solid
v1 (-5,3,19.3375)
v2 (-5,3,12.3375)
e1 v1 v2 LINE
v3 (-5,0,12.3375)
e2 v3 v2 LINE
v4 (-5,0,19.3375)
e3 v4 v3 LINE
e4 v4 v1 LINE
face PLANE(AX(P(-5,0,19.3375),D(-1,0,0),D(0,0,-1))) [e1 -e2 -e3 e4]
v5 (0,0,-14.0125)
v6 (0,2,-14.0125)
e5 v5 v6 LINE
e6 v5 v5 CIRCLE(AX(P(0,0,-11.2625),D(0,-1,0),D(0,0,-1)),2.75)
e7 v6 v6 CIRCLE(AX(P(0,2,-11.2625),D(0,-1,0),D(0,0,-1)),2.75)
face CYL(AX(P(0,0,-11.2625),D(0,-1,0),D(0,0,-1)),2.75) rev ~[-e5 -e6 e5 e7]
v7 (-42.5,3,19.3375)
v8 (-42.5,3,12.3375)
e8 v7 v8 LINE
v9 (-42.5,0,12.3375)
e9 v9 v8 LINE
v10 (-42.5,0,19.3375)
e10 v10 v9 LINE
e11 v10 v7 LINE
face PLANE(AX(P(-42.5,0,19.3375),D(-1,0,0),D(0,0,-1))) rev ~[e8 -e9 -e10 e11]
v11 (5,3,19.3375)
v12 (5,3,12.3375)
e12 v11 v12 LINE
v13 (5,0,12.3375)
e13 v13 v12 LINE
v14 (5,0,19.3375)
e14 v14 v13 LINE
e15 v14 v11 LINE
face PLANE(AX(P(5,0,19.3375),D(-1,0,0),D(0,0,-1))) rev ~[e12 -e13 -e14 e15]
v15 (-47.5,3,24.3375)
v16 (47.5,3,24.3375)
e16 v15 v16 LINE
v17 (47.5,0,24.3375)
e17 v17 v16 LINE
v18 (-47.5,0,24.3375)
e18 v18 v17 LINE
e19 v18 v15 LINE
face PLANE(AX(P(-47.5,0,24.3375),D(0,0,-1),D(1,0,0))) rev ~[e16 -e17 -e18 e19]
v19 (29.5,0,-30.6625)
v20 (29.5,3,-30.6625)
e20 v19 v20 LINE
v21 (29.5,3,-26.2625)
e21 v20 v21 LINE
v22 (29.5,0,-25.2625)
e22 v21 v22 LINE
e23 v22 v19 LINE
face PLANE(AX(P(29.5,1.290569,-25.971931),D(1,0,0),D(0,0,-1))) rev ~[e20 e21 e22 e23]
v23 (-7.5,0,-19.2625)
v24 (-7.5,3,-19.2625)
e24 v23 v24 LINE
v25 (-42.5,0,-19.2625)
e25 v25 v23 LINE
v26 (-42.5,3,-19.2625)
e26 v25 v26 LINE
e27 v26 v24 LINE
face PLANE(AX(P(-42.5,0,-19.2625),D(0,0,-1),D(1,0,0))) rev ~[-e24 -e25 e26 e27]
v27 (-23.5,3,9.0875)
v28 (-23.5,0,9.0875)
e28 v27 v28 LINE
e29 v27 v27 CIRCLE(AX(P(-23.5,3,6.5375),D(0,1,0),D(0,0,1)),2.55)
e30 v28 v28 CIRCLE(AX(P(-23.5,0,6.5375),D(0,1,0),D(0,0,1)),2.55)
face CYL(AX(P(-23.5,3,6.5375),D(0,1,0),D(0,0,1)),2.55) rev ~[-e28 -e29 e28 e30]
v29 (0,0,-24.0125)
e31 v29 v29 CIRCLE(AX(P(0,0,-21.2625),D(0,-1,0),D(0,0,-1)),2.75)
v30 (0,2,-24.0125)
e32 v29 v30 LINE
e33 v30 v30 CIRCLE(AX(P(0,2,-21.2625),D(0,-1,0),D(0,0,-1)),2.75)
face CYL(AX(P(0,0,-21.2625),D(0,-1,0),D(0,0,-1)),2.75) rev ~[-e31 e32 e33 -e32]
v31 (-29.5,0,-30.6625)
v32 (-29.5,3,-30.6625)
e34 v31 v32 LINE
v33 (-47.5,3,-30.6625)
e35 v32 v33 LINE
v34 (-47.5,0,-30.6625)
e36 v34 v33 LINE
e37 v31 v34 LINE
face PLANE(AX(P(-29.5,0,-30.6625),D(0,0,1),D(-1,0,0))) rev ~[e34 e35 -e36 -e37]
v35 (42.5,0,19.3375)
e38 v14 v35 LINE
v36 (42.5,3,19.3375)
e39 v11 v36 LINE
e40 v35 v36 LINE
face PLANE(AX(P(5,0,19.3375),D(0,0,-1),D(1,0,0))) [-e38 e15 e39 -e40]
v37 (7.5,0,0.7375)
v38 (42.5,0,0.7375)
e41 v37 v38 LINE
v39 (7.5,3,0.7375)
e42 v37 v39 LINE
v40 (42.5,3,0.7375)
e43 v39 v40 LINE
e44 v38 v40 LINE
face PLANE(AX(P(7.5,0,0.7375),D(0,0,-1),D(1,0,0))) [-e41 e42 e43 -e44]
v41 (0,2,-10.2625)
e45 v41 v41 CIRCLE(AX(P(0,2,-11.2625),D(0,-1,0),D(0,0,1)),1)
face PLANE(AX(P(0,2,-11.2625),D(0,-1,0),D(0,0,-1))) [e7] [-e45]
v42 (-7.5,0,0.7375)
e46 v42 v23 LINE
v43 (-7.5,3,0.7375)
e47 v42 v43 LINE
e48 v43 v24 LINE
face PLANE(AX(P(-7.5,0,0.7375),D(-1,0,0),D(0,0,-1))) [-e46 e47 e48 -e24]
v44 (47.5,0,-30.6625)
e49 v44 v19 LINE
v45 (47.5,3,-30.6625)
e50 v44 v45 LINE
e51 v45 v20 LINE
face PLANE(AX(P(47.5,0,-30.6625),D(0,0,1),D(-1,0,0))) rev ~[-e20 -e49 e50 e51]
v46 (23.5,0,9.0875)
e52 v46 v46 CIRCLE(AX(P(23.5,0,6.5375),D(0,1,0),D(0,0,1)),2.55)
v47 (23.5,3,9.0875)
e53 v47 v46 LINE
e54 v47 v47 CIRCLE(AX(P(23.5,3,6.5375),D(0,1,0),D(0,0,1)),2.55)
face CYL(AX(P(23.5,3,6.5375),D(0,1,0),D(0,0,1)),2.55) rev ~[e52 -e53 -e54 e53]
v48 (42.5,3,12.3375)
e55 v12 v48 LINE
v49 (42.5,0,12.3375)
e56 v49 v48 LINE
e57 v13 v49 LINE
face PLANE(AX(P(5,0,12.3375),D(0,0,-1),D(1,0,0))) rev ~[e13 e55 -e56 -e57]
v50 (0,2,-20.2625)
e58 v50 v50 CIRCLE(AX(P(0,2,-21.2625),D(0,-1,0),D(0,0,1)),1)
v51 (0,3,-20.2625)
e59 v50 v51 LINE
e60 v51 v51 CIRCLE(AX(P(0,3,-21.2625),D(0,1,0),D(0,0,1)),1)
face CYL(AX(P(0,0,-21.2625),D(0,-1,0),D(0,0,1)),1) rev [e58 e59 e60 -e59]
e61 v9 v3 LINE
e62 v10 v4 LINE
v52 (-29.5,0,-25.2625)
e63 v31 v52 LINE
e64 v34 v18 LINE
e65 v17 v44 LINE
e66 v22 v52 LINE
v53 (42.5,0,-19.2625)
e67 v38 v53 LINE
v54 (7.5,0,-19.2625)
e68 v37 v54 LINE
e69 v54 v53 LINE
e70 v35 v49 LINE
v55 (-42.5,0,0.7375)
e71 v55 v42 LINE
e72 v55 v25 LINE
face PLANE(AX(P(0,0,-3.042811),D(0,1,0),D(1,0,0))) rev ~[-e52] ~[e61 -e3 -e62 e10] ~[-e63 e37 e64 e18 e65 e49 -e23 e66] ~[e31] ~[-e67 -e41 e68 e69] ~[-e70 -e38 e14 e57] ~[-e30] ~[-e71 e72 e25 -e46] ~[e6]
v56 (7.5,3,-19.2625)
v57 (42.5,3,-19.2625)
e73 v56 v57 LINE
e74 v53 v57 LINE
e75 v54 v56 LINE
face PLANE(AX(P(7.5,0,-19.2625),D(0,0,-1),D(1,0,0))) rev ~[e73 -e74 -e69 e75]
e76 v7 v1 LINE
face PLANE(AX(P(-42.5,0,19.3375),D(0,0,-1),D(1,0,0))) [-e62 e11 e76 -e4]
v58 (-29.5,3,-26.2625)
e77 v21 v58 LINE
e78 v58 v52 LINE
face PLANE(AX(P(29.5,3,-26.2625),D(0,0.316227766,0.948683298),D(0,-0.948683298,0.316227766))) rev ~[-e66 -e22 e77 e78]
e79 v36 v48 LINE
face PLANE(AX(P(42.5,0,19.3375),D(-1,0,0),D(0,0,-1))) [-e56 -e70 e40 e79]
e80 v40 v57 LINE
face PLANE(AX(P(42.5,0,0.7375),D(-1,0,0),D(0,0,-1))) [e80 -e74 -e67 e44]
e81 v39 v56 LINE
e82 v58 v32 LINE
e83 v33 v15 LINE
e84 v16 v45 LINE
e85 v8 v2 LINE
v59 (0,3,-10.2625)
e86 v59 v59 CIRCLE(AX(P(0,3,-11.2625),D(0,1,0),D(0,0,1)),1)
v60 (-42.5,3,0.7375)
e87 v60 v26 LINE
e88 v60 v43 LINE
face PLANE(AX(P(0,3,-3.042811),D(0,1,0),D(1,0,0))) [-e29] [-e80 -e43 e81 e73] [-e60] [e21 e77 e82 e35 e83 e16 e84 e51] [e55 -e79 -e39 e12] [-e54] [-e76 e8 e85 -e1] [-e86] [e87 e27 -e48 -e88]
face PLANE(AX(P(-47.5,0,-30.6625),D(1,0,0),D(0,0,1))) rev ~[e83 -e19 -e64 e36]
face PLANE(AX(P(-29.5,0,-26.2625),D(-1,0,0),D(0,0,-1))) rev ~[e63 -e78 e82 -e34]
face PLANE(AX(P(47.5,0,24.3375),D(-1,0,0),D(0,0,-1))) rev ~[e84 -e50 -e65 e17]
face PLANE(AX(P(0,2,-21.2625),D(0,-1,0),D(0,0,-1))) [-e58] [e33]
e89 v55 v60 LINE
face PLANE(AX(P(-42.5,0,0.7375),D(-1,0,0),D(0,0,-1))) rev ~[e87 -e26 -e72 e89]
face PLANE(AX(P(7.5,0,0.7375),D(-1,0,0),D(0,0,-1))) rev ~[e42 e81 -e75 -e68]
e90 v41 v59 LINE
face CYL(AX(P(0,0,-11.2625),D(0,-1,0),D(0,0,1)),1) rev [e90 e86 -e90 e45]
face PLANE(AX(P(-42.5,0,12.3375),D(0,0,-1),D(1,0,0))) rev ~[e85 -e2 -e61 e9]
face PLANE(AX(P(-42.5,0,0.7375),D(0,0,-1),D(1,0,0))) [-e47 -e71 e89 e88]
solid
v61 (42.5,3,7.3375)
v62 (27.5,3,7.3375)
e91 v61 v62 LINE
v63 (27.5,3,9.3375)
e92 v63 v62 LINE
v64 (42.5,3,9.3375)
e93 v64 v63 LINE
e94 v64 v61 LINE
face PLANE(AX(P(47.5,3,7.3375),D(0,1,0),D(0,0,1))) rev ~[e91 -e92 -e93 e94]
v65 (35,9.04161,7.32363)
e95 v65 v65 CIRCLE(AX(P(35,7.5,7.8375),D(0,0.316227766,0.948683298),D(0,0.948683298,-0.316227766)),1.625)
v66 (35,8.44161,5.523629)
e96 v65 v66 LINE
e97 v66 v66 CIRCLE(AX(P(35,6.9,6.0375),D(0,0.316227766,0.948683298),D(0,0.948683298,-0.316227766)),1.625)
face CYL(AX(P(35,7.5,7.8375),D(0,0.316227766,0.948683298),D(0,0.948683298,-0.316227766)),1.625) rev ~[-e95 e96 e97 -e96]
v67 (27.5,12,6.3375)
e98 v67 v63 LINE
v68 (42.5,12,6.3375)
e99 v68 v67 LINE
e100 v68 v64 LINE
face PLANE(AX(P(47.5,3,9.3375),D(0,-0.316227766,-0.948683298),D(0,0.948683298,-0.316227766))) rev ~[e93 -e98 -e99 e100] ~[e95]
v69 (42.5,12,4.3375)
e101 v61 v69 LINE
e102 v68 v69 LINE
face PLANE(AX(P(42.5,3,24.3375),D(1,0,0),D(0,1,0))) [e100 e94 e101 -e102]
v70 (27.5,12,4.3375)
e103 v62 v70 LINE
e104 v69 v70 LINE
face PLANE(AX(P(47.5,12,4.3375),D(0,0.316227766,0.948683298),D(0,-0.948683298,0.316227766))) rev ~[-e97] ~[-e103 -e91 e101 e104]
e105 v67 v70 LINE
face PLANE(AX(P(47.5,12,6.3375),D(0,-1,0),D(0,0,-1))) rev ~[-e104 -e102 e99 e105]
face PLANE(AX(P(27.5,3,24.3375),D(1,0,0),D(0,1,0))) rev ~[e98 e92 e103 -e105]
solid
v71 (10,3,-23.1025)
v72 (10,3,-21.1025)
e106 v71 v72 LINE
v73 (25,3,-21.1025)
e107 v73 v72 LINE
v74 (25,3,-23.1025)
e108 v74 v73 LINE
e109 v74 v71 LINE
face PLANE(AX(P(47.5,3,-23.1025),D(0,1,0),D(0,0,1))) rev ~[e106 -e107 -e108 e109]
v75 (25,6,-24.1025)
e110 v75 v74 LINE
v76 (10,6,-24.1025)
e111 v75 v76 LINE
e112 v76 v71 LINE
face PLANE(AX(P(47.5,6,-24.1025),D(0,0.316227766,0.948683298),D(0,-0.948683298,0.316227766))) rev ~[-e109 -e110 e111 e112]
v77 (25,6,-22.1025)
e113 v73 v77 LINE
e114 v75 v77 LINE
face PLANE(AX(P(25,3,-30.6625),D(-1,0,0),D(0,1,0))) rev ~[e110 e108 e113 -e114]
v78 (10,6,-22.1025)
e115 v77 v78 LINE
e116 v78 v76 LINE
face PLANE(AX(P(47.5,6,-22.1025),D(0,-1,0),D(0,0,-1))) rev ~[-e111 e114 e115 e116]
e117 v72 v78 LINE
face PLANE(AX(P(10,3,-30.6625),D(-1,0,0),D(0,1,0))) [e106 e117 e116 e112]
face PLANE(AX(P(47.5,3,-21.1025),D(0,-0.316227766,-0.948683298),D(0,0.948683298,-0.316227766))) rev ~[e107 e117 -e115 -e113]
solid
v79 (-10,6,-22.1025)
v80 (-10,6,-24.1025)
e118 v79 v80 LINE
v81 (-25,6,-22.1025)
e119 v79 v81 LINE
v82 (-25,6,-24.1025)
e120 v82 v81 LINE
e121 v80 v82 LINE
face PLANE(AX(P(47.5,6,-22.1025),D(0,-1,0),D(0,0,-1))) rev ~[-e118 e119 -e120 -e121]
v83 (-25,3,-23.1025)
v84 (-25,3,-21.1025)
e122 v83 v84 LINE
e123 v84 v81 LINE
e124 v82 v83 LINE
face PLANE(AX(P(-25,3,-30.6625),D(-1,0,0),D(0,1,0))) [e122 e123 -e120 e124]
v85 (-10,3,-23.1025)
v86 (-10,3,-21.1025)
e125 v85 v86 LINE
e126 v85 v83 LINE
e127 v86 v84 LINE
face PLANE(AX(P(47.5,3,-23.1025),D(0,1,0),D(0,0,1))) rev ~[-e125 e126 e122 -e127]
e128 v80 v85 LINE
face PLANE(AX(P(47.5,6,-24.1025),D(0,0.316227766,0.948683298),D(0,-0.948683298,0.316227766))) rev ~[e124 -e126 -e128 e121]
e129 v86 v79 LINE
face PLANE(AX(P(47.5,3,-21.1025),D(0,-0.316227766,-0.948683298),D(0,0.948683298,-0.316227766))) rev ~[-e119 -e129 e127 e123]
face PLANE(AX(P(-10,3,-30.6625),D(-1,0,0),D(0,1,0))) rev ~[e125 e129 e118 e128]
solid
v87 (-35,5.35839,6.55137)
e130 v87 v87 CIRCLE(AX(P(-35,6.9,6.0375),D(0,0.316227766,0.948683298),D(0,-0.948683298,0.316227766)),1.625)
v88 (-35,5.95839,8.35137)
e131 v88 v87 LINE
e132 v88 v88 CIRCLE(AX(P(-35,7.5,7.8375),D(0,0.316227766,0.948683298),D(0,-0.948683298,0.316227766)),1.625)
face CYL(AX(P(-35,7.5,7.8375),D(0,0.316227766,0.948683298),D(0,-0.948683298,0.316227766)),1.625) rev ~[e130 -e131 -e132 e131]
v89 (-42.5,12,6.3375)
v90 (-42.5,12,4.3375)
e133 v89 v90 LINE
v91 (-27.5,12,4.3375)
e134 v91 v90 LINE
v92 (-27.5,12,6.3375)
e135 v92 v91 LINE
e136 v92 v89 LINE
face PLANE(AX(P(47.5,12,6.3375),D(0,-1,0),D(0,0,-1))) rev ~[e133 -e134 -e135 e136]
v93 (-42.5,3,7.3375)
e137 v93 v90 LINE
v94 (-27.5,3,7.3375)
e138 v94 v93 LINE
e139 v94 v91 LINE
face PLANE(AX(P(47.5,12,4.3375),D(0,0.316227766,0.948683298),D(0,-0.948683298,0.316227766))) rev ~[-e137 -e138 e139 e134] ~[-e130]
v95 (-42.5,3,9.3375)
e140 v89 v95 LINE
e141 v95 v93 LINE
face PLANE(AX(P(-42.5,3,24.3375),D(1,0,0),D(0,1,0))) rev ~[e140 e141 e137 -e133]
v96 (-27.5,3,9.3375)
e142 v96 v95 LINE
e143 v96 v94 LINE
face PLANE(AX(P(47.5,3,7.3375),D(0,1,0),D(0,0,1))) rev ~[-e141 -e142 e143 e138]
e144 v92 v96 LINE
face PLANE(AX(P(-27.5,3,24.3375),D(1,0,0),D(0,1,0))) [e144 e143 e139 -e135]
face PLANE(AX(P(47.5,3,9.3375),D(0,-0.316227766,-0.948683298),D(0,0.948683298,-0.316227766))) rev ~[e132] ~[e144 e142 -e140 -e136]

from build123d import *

# Parameters (mm, degrees)
CROQUIS1_R                = 1
CROQUIS1_W                = 35
CROQUIS1_H                = 20
CROQUIS1_W_2              = 37.5
CROQUIS1_H_2              = 7
SALIENTE_EXTRUIR1_DEPTH   = 3
CUT_EXTRUDE1_DEPTH        = 59
SKETCH3_R                 = 2.75
CUT_EXTRUDE2_DEPTH        = 2
CORTAR_EXTRUIR1_REACH     = 58.617
CROQUIS2_R                = 2.55
SALIENTE_EXTRUIR6_DEPTH   = 95
SALIENTE_EXTRUIR6_2_DEPTH = 95
CROQUIS4_W                = 20
CROQUIS4_H                = 3.002956163
CROQUIS4_W_2              = 22.5
CROQUIS4_H_2              = 3
CORTAR_EXTRUIR2_DEPTH     = 95
CROQUIS5_W                = 5
CROQUIS5_H                = 9
CROQUIS5_W_2              = 55
CORTAR_EXTRUIR3_DEPTH     = 30
CROQUIS6_R                = 1.625
CORTAR_EXTRUIR4_DEPTH     = 1.897367


with BuildPart() as part:
    # Croquis1 → Saliente-Extruir1 (new body)
    with BuildSketch(Plane(origin=(0, 0, 0), x_dir=(1, 0, 0), z_dir=(0, 1, 0))):
        Polygon((-47.5, -24.3375), (47.5, -24.3375), (47.5, 30.6625), (29.5, 30.6625), (29.5, 26.2625), (-29.5, 26.2625), (-29.5, 30.6625), (-47.5, 30.6625), align=None)
        with Locations(Location((0, 21.2625, 0), (0, 0, 270))):
            Circle(CROQUIS1_R, mode=Mode.SUBTRACT)
        with Locations(Location((0, 11.2625, 0), (0, 0, 270))):
            Circle(CROQUIS1_R, mode=Mode.SUBTRACT)
        with Locations((-25, 9.2625)):
            Rectangle(CROQUIS1_W, CROQUIS1_H, mode=Mode.SUBTRACT)
        with Locations((25, 9.2625)):
            Rectangle(CROQUIS1_W, CROQUIS1_H, mode=Mode.SUBTRACT)
        with Locations((-23.75, -15.8375)):
            Rectangle(CROQUIS1_W_2, CROQUIS1_H_2, mode=Mode.SUBTRACT)
        with Locations((23.75, -15.8375)):
            Rectangle(CROQUIS1_W_2, CROQUIS1_H_2, mode=Mode.SUBTRACT)
    extrude(amount=SALIENTE_EXTRUIR1_DEPTH)

    # Sketch2 → Cut-Extrude1 (cut)
    with BuildSketch(Plane.ZY.offset(-29.5)):
        Polygon((-26.2625, 3), (-25.2625, 0), (-26.2625, 0), align=None)
    extrude(amount=CUT_EXTRUDE1_DEPTH, mode=Mode.SUBTRACT)

    # Sketch3 → Cut-Extrude2 (cut)
    with BuildSketch(Plane.XZ):
        with Locations(Location((0, -11.2625, 0), (0, 0, 270))):
            Circle(SKETCH3_R)
        with Locations(Location((0, -21.2625, 0), (0, 0, 270))):
            Circle(SKETCH3_R)
    extrude(amount=-CUT_EXTRUDE2_DEPTH, mode=Mode.SUBTRACT)

    # Croquis2 → Cortar-Extruir1 (cut, up to next)
    with BuildSketch(Plane(origin=(0, 3, 0), x_dir=(1, 0, 0), z_dir=(0, 1, 0)), mode=Mode.PRIVATE) as cortar_extruir1_sk1:
        with Locations(Location((-23.5, -6.5375, 0), (0, 0, 270))):
            Circle(CROQUIS2_R)
    cortar_extruir1_tool1 = extrude(cortar_extruir1_sk1.sketch, amount=-CORTAR_EXTRUIR1_REACH, mode=Mode.PRIVATE) & part.part
    # Croquis2 → Cortar-Extruir1 (cut, up to next)
    with BuildSketch(Plane(origin=(0, 3, 0), x_dir=(1, 0, 0), z_dir=(0, 1, 0)), mode=Mode.PRIVATE) as cortar_extruir1_sk2:
        with Locations(Location((23.5, -6.5375, 0), (0, 0, 270))):
            Circle(CROQUIS2_R)
    cortar_extruir1_tool2 = extrude(cortar_extruir1_sk2.sketch, amount=-CORTAR_EXTRUIR1_REACH, mode=Mode.PRIVATE) & part.part
    add(cortar_extruir1_tool1.solids().sort_by_distance((-23.5, 3, 6.5375))[0], mode=Mode.SUBTRACT)
    add(cortar_extruir1_tool2.solids().sort_by_distance((23.5, 3, 6.5375))[0], mode=Mode.SUBTRACT)


with BuildPart() as body_2:
    # Croquis3 → Saliente-Extruir6 (new body)
    with BuildSketch(Plane(origin=(47.5, 0, 0), x_dir=(0, 0, -1), z_dir=(1, 0, 0))):
        Polygon((-9.3375, 3), (-6.3375, 12), (-4.3375, 12), (-7.3375, 3), align=None)
    extrude(amount=-SALIENTE_EXTRUIR6_DEPTH)

    # Croquis5 → Cortar-Extruir3 (cut)
    with BuildSketch(Plane.XY.offset(24.3375)):
        with Locations((45, 7.5)):
            Rectangle(CROQUIS5_W, CROQUIS5_H)
        with Locations((-45, 7.5)):
            Rectangle(CROQUIS5_W, CROQUIS5_H)
        with Locations((0, 7.5)):
            Rectangle(CROQUIS5_W_2, CROQUIS5_H)
    extrude(amount=-CORTAR_EXTRUIR3_DEPTH, mode=Mode.SUBTRACT)


with BuildPart() as body_3:
    # Croquis3 → Saliente-Extruir6 2 (new body)
    with BuildSketch(Plane(origin=(47.5, 0, 0), x_dir=(0, 0, -1), z_dir=(1, 0, 0))):
        Polygon((21.1025, 3), (22.1025, 6), (24.1025, 6), (23.1025, 3), align=None)
    extrude(amount=-SALIENTE_EXTRUIR6_2_DEPTH)

    # Croquis4 → Cortar-Extruir2 (cut)
    with BuildSketch(Plane(origin=(0, 0, -30.6625), x_dir=(-1, 0, 0), z_dir=(0, 0, -1))):
        with Locations((0, 4.501478082)):
            Rectangle(CROQUIS4_W, CROQUIS4_H)
        with Locations((-36.25, 4.5)):
            Rectangle(CROQUIS4_W_2, CROQUIS4_H_2)
        with Locations((36.25, 4.5)):
            Rectangle(CROQUIS4_W_2, CROQUIS4_H_2)
    extrude(amount=-CORTAR_EXTRUIR2_DEPTH, mode=Mode.SUBTRACT)


with BuildPart() as cortar_extruir2_piece_1:
    # of the separate pieces the step leaves, piece 1, a body of its own (cortar_extruir2_pieces)
    add(body_3.part.solids().sort_by_distance((-10, 6, -22.1025))[0])


with BuildPart() as cortar_extruir2_piece_2:
    # of the separate pieces the step leaves, piece 2, a body of its own (cortar_extruir2_pieces)
    add(body_3.part.solids().sort_by_distance((25, 3, -21.1025))[0])


with BuildPart() as cortar_extruir3_piece_1:
    # of the separate pieces the step leaves, piece 1, a body of its own (cortar_extruir3_pieces)
    add(body_2.part.solids().sort_by_distance((42.5, 12, 6.3375))[0])


with BuildPart() as cortar_extruir3_piece_2:
    # of the separate pieces the step leaves, piece 2, a body of its own (cortar_extruir3_pieces)
    add(body_2.part.solids().sort_by_distance((-27.5, 12, 6.3375))[0])


with BuildPart() as cortar_extruir4_tool:
    # Croquis6 → Cortar-Extruir4 (new body)
    with BuildSketch(Plane(origin=(0, 3.10125, 9.30375), x_dir=(1, 0, 0), z_dir=(0, 0.3162277660168377, 0.948683298050514))):
        with Locations(Location((-35, 4.636689619, 0), (0, 0, 270))):
            Circle(CROQUIS6_R)
        with Locations(Location((35, 4.636689619, 0), (0, 0, 90))):
            Circle(CROQUIS6_R)
    extrude(amount=-CORTAR_EXTRUIR4_DEPTH)


with BuildPart() as cortar_extruir3_piece_1_1:
    add(cortar_extruir3_piece_1.part)

    # Cortar-Extruir4: cut by cortar_extruir4_tool
    add(cortar_extruir4_tool.part, mode=Mode.SUBTRACT)


with BuildPart() as cortar_extruir3_piece_2_1:
    add(cortar_extruir3_piece_2.part)

    # Cortar-Extruir4: cut by cortar_extruir4_tool
    add(cortar_extruir4_tool.part, mode=Mode.SUBTRACT)


solid = Compound([part.part, cortar_extruir2_piece_1.part, cortar_extruir2_piece_2.part, cortar_extruir3_piece_1_1.part, cortar_extruir3_piece_2_1.part])
